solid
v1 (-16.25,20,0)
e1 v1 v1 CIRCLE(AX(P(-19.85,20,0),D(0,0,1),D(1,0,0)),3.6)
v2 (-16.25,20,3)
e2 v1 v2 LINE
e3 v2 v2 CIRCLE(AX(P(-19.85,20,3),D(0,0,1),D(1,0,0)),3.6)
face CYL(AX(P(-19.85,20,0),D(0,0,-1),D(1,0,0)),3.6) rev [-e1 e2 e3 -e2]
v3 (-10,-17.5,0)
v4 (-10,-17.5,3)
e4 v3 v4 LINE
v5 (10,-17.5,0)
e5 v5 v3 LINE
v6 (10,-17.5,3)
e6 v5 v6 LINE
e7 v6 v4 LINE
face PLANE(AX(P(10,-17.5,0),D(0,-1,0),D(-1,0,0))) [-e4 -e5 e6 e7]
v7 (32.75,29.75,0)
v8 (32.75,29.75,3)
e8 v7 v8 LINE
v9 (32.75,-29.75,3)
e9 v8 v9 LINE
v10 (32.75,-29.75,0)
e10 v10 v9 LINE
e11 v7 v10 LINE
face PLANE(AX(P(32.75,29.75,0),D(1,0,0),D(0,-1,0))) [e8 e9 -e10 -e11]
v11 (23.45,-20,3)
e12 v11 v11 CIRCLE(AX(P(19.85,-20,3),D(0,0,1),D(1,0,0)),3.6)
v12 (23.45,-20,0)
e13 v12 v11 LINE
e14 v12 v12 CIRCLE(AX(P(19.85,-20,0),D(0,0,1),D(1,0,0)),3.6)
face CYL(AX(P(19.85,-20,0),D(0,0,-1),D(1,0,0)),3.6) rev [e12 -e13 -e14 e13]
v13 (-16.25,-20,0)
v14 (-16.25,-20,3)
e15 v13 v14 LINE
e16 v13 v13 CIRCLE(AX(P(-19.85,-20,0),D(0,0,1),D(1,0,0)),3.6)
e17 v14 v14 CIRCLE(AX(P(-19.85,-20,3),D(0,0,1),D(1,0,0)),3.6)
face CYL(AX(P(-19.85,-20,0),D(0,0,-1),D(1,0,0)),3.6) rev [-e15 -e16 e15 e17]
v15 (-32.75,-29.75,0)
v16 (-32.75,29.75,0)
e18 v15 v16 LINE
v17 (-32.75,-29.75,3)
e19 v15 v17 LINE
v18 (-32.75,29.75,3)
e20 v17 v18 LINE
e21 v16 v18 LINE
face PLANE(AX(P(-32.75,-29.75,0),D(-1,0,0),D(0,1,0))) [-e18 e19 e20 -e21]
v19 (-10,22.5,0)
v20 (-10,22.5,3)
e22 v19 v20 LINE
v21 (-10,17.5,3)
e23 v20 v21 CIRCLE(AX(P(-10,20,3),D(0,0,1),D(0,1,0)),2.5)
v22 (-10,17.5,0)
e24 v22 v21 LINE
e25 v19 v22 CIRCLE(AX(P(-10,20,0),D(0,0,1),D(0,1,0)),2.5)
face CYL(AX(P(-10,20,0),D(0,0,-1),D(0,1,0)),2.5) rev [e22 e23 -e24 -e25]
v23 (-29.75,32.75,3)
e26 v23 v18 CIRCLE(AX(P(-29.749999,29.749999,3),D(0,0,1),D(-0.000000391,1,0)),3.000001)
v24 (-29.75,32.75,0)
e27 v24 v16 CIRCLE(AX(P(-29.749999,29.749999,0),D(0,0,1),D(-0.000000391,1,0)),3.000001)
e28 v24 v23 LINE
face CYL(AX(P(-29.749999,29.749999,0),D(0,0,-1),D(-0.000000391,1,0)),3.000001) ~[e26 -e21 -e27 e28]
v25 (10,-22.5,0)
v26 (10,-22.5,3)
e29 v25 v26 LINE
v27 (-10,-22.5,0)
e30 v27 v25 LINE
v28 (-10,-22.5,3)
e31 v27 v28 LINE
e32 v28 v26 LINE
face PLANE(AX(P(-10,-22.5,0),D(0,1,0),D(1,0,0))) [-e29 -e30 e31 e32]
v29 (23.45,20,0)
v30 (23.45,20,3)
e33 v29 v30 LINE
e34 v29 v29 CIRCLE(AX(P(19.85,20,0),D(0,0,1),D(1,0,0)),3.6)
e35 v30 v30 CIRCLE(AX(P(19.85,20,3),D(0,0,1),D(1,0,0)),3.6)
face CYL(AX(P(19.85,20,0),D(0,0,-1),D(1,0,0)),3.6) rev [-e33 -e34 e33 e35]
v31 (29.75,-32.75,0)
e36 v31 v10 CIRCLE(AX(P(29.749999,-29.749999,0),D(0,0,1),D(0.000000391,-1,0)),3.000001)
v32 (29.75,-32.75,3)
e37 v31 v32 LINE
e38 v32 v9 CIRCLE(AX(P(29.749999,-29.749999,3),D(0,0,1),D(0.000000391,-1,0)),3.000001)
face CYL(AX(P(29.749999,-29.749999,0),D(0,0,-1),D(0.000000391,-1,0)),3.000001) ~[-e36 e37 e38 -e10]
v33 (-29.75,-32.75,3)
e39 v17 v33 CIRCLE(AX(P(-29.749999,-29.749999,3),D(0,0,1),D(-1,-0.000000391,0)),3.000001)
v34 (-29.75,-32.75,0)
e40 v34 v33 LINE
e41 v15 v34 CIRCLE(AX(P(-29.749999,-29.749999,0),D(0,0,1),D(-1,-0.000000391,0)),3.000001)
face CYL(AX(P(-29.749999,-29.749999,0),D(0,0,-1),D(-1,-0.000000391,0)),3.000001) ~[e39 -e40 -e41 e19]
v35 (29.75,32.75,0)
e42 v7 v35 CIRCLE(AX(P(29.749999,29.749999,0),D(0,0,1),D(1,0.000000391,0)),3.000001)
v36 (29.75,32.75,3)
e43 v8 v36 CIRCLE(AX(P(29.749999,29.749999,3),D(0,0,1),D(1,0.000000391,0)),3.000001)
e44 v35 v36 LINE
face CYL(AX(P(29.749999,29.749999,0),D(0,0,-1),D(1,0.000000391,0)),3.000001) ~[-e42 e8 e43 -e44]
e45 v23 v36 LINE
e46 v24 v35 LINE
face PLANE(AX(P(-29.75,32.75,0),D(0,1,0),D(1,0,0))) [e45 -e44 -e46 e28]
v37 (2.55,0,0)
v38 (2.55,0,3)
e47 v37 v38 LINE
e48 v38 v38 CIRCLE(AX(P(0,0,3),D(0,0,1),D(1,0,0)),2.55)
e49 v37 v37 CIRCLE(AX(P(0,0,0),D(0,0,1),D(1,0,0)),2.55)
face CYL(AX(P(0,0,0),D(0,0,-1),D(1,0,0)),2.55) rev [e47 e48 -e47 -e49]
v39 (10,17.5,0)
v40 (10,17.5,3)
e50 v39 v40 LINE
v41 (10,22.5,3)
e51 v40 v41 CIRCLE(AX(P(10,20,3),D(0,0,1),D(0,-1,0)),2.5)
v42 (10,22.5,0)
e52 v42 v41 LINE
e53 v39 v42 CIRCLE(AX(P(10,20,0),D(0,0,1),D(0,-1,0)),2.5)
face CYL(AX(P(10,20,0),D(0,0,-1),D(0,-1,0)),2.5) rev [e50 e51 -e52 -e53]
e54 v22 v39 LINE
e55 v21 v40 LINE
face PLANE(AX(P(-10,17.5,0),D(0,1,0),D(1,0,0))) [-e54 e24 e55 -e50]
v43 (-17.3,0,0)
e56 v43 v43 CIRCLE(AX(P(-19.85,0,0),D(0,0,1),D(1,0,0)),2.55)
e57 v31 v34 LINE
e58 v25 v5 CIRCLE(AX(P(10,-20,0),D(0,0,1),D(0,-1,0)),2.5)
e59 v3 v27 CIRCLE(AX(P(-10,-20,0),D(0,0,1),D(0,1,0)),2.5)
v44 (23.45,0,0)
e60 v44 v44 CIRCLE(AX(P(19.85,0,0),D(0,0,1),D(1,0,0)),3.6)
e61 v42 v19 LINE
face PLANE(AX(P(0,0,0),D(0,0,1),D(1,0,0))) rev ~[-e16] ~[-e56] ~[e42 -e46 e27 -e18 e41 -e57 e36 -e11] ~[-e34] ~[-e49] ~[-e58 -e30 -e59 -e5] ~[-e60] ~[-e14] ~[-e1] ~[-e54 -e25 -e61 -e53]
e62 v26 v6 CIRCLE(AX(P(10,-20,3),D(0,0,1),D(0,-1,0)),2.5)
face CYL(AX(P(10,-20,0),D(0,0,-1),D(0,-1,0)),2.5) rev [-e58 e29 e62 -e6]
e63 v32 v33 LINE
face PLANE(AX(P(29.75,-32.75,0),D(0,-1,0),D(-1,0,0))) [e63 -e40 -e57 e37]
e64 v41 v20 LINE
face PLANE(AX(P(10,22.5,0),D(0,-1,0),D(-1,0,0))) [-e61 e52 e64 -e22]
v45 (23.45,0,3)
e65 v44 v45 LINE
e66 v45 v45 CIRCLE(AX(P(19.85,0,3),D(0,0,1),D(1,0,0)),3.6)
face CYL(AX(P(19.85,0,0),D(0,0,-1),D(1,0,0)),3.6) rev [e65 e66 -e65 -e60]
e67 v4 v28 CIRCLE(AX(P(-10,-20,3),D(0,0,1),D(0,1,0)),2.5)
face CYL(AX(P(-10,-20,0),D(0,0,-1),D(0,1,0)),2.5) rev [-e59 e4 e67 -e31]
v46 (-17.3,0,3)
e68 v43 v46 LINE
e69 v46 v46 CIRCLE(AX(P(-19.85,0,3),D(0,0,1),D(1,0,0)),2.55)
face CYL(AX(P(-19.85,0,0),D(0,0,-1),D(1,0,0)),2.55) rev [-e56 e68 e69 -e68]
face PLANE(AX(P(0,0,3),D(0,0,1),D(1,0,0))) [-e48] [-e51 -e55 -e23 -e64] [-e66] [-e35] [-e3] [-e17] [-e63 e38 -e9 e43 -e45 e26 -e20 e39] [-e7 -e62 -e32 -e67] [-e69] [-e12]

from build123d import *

# Parameters (mm, degrees)
SKETCH_R   = 2.55
SKETCH_R_2 = 3.6
PAD_DEPTH  = 3


with BuildPart() as part:
    # Sketch → Pad (new body)
    with BuildSketch(Plane.XY):
        with BuildLine():
            ThreePointArc((-29.75, 32.75), (-31.87132, 31.87132), (-32.75, 29.75))
            Line((-32.75, -29.75), (-32.75, 29.75))
            ThreePointArc((-32.75, -29.75), (-31.87132, -31.87132), (-29.75, -32.75))
            Line((29.75, -32.75), (-29.75, -32.75))
            ThreePointArc((29.75, -32.75), (31.87132, -31.87132), (32.75, -29.75))
            Line((32.75, 29.75), (32.75, -29.75))
            ThreePointArc((32.75, 29.75), (31.87132, 31.87132), (29.75, 32.75))
            Line((-29.75, 32.75), (29.75, 32.75))
        make_face()
        Circle(SKETCH_R, mode=Mode.SUBTRACT)
        with Locations((-19.85, -20)):
            Circle(SKETCH_R_2, mode=Mode.SUBTRACT)
        with Locations((19.85, -20)):
            Circle(SKETCH_R_2, mode=Mode.SUBTRACT)
        with Locations((19.85, 20)):
            Circle(SKETCH_R_2, mode=Mode.SUBTRACT)
        with Locations((-19.85, 20)):
            Circle(SKETCH_R_2, mode=Mode.SUBTRACT)
        with Locations((-19.85, 0)):
            Circle(SKETCH_R, mode=Mode.SUBTRACT)
        with Locations((19.85, 0)):
            Circle(SKETCH_R_2, mode=Mode.SUBTRACT)
        with BuildLine():
            ThreePointArc((-10, -17.5), (-12.5, -20), (-10, -22.5))
            Line((-10, -22.5), (10, -22.5))
            ThreePointArc((10, -22.5), (12.5, -20), (10, -17.5))
            Line((10, -17.5), (-10, -17.5))
        make_face(mode=Mode.SUBTRACT)
        with BuildLine():
            ThreePointArc((-10, 22.5), (-12.5, 20), (-10, 17.5))
            Line((-10, 17.5), (10, 17.5))
            ThreePointArc((10, 17.5), (12.5, 20), (10, 22.5))
            Line((10, 22.5), (-10, 22.5))
        make_face(mode=Mode.SUBTRACT)
    extrude(amount=PAD_DEPTH)


solid = part.part
